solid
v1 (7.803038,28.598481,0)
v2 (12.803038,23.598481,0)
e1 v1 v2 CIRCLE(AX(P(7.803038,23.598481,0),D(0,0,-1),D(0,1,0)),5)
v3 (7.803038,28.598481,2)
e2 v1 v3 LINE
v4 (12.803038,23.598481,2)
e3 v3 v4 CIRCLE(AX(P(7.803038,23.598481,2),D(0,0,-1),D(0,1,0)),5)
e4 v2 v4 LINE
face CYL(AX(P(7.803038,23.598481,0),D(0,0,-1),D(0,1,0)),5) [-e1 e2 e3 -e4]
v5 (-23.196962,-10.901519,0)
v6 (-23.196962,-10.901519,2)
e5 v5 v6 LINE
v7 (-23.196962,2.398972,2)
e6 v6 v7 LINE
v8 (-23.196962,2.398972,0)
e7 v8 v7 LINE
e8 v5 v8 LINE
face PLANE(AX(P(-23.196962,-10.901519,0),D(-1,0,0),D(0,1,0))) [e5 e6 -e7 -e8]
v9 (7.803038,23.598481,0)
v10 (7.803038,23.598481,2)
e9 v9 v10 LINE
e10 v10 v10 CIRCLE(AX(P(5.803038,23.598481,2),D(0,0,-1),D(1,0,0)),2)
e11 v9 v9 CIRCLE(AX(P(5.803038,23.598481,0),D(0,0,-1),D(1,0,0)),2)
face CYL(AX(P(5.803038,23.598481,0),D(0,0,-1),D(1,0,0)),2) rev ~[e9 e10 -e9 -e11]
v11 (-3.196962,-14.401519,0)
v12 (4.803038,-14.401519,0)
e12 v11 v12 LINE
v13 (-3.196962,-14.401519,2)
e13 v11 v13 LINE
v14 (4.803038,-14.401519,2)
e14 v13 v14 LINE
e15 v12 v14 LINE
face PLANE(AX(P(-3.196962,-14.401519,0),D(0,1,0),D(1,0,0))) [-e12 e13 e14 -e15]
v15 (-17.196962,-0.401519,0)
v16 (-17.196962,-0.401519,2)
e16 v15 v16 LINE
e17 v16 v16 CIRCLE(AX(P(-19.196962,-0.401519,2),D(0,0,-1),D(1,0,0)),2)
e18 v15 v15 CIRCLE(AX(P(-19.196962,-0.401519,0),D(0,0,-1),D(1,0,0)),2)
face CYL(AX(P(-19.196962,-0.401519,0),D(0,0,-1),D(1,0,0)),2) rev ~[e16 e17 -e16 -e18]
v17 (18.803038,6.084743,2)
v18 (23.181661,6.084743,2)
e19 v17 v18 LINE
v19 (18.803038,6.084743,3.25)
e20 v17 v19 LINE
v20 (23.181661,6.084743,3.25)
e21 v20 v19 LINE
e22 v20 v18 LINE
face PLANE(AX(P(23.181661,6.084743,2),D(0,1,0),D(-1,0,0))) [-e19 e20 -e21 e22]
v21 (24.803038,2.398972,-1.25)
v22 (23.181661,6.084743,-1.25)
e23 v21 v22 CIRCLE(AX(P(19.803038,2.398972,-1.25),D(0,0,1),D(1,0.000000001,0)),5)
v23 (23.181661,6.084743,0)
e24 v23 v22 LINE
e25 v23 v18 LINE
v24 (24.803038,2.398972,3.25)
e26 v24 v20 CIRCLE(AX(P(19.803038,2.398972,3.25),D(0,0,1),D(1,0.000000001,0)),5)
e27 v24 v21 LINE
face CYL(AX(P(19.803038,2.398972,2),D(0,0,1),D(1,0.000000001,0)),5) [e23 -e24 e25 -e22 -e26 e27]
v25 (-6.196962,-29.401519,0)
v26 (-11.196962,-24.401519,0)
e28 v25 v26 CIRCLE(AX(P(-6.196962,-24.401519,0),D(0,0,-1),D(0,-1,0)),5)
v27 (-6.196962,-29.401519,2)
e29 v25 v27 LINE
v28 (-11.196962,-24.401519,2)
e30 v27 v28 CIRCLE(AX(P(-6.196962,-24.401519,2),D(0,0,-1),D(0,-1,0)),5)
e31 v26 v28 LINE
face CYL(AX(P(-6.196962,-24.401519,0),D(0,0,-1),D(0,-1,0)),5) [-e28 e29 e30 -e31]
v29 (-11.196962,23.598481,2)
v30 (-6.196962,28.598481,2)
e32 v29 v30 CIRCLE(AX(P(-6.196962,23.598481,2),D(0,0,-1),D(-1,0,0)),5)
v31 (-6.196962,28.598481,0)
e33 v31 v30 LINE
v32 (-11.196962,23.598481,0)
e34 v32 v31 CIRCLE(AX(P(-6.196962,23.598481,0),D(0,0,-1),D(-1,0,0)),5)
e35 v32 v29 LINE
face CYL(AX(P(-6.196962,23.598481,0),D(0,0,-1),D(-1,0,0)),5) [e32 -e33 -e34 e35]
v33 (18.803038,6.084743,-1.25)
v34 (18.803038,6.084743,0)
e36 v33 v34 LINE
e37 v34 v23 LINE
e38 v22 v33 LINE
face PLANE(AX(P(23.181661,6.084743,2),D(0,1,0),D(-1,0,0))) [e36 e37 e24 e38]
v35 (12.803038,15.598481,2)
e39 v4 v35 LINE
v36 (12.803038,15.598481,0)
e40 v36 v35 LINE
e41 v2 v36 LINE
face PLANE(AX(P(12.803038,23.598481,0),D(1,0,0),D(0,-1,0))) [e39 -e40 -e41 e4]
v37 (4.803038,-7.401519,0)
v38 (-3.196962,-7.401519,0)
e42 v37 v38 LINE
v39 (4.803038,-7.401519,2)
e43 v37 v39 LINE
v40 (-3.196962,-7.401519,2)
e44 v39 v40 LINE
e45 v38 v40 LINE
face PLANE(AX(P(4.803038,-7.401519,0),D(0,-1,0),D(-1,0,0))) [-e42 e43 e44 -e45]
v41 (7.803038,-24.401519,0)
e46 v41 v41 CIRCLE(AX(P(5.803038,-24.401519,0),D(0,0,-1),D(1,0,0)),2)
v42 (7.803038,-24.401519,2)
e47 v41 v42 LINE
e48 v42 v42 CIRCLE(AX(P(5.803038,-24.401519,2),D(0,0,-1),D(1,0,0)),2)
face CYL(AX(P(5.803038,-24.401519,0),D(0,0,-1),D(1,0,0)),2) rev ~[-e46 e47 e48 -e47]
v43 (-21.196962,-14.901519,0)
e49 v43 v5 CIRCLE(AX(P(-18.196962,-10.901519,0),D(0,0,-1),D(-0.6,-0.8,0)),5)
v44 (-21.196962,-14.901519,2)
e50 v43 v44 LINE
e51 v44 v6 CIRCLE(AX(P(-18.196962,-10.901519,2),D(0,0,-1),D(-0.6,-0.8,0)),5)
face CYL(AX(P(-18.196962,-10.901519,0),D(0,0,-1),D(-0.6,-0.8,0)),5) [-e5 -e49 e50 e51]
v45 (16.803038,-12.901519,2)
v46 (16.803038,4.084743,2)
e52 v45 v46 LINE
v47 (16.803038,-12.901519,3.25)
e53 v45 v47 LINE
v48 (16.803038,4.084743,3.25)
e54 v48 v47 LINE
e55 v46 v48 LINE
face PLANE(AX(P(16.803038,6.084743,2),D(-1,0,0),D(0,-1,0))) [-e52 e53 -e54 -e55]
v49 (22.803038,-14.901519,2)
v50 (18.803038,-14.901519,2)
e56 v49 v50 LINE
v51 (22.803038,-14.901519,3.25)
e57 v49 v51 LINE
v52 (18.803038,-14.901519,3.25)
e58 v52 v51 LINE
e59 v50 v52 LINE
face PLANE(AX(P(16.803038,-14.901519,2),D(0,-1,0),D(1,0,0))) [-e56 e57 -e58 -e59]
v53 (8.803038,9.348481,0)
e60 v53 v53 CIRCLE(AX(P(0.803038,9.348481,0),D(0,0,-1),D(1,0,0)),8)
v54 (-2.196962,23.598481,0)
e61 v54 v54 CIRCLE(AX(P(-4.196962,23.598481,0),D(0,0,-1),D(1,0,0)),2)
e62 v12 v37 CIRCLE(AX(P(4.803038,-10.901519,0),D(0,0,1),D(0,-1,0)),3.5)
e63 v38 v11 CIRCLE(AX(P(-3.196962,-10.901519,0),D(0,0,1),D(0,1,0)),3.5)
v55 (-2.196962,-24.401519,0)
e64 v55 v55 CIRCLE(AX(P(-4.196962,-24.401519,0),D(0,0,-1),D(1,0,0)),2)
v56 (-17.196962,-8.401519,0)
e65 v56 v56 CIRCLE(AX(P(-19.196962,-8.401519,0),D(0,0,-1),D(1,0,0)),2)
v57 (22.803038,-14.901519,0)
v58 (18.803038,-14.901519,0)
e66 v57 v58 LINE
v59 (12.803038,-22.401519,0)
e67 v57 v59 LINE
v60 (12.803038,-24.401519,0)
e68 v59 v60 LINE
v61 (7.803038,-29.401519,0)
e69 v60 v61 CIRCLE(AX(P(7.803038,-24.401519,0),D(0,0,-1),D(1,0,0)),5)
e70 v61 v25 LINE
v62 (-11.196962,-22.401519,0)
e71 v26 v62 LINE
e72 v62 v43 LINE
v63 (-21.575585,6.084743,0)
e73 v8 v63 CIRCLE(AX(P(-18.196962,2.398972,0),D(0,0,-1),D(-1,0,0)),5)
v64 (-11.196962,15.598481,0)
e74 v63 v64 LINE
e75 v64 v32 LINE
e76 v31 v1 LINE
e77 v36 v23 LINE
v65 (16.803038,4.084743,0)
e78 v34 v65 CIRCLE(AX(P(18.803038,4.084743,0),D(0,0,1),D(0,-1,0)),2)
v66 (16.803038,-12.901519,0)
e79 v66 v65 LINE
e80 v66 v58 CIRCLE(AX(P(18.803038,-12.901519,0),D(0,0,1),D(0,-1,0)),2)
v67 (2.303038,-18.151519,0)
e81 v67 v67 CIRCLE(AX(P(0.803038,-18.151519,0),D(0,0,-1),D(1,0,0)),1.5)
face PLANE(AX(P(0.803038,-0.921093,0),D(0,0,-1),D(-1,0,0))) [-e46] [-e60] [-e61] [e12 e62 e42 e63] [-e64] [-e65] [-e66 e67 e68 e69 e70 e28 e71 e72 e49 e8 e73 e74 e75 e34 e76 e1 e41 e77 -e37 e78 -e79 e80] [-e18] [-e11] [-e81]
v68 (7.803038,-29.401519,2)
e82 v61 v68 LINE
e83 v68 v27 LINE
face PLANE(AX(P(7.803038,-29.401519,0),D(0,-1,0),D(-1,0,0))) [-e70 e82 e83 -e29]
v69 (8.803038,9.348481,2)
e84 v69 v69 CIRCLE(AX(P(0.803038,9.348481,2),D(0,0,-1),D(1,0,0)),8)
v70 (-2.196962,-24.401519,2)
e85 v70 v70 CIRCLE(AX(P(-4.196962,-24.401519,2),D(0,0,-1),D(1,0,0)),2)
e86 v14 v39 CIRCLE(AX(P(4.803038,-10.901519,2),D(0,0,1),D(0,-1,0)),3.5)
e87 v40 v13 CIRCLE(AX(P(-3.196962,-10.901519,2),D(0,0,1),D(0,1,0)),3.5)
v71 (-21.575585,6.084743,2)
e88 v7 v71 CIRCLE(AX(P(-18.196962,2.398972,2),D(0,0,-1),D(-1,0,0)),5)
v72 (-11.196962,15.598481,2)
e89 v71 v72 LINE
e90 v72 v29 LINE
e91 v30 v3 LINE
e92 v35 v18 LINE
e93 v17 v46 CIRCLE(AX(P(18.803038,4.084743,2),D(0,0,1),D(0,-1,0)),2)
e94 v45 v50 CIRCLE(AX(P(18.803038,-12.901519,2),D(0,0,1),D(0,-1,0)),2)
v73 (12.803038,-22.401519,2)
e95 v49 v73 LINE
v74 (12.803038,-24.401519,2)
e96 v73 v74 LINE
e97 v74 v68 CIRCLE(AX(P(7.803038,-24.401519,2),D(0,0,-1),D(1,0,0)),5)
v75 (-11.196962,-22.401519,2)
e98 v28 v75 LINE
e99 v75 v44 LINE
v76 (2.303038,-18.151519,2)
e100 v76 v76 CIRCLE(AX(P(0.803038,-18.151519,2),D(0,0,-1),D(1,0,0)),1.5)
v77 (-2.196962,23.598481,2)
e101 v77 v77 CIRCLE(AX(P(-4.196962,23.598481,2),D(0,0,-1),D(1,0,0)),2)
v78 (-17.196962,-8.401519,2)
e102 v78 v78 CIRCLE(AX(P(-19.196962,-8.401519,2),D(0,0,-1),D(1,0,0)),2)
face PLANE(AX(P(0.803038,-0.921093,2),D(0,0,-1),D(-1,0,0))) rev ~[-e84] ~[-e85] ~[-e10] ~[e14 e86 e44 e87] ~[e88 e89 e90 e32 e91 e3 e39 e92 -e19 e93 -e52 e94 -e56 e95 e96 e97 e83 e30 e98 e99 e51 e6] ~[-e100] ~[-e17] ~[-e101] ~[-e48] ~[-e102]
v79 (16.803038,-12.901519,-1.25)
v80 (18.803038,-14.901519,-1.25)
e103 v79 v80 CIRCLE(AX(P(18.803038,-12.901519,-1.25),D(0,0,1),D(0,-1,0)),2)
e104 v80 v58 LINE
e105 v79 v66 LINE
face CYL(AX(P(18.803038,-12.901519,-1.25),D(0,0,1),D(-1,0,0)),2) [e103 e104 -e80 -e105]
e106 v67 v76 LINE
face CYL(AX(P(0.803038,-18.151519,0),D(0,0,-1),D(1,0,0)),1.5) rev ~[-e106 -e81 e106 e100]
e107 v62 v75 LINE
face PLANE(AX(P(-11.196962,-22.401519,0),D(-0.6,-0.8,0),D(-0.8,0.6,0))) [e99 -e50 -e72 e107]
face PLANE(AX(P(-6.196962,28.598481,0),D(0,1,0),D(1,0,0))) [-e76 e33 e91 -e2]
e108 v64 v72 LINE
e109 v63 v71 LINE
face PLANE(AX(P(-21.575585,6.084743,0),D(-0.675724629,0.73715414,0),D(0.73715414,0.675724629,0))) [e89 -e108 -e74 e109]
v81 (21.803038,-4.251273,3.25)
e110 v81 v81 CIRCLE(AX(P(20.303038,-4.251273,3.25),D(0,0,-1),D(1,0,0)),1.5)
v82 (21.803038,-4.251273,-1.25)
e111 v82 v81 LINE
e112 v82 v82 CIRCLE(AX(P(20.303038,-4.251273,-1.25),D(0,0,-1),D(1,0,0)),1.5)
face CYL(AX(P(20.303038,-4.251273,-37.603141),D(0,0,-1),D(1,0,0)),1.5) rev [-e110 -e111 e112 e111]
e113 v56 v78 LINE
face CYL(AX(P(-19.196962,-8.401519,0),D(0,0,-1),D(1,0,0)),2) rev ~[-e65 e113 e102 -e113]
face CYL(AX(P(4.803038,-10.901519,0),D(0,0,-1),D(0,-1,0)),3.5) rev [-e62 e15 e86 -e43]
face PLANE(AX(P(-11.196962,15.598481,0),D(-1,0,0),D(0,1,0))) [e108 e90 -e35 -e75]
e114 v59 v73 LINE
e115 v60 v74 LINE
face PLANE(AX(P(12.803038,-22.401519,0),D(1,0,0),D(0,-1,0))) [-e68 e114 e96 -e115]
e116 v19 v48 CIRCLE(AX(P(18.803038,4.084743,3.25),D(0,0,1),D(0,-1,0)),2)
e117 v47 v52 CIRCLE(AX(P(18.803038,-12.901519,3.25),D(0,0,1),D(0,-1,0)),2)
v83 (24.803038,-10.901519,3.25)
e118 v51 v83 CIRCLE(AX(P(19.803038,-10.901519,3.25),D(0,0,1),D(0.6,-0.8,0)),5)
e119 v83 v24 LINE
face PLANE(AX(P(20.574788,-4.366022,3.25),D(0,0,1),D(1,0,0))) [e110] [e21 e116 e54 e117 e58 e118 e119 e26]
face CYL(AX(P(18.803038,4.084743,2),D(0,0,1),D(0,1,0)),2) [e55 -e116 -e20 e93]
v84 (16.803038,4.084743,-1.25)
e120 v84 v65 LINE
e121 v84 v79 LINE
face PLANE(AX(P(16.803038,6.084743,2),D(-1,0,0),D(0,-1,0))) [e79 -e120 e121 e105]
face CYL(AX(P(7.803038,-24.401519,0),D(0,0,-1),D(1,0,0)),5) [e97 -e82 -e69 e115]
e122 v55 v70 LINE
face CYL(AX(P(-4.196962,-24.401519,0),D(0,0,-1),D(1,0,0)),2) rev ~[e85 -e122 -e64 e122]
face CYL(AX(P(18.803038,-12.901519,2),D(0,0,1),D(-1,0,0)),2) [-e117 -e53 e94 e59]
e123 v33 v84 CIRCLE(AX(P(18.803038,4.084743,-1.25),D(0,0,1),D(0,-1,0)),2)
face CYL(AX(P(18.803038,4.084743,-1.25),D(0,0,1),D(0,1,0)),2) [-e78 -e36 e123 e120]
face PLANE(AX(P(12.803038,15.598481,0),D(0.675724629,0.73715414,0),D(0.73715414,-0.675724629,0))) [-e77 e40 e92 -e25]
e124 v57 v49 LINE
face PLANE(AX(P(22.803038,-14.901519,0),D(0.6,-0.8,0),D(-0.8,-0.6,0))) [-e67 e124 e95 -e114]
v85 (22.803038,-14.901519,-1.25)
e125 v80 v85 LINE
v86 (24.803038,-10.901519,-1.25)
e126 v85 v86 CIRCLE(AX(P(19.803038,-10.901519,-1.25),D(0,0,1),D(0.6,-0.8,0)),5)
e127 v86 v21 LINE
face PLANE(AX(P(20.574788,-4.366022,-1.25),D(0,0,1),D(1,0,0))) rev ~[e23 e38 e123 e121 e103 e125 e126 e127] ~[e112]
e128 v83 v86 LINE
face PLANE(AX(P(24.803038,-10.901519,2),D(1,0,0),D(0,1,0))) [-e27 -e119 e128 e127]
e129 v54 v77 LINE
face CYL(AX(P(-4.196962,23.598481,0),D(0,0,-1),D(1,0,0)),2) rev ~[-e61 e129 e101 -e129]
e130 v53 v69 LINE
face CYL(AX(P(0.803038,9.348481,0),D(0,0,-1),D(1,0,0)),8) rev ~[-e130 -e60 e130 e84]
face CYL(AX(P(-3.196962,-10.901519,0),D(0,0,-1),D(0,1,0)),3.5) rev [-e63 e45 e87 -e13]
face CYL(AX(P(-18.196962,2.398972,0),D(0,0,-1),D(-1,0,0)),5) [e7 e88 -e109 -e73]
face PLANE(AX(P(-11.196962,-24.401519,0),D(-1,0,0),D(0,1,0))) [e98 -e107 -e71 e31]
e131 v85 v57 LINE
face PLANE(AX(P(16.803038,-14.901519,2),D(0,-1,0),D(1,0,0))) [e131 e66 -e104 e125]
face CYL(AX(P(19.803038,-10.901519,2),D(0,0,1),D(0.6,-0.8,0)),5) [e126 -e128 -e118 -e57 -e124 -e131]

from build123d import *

# Parameters (mm, degrees)
SKETCH_1_R               = 2
SKETCH_1_R_2             = 8
SKETCH_1_R_3             = 1.5
EXTRUDE_1_DEPTH          = 2
EXTRUDE_2_DEPTH          = 3.25
CUT_EXTRUDE_1_DEPTH      = 39.603141342
CUT_EXTRUDE_1_DEPTH_BACK = 39.603141342
SKETCH_3_R               = 1.5
CUT_EXTRUDE_2_DEPTH      = 2
FILLET_1_R               = 2


with BuildPart() as part:
    # 草图1 → 凸台-拉伸1 (new body)
    with BuildSketch(Plane(origin=(0, 0, 0), x_dir=(-1, 0, 0), z_dir=(0, 0, -1))):
        with BuildLine():
            Line((-12.803038101, -22.40151905), (-12.803038101, -24.40151905))
            ThreePointArc((-12.803038101, -24.40151905), (-11.338572007, -27.937052956), (-7.803038101, -29.40151905))
            Line((-7.803038101, -29.40151905), (6.196961899, -29.40151905))
            ThreePointArc((6.196961899, -29.40151905), (9.732495805, -27.937052956), (11.196961899, -24.40151905))
            Line((11.196961899, -24.40151905), (11.196961899, -22.40151905))
            Line((11.196961899, -22.40151905), (21.196961899, -14.90151905))
            ThreePointArc((21.196961899, -14.90151905), (22.669097854, -13.137587028), (23.196961899, -10.90151905))
            Line((23.196961899, -10.90151905), (23.196961899, 2.398972368))
            ThreePointArc((23.196961899, 2.398972368), (22.773702864, 4.412288573), (21.575585042, 6.084743069))
            Line((21.575585042, 6.084743069), (11.196961899, 15.59848095))
            Line((11.196961899, 15.59848095), (11.196961899, 23.59848095))
            ThreePointArc((11.196961899, 23.59848095), (9.732495805, 27.134014855), (6.196961899, 28.59848095))
            Line((6.196961899, 28.59848095), (-7.803038101, 28.59848095))
            ThreePointArc((-7.803038101, 28.59848095), (-11.338572007, 27.134014855), (-12.803038101, 23.59848095))
            Line((-12.803038101, 23.59848095), (-12.803038101, 15.59848095))
            Line((-12.803038101, 15.59848095), (-23.181661243, 6.084743069))
            ThreePointArc((-23.181661243, 6.084743069), (-24.379779065, 4.412288573), (-24.803038101, 2.398972368))
            Line((-24.803038101, 2.398972368), (-24.803038101, -10.90151905))
            ThreePointArc((-24.803038101, -10.90151905), (-24.275174056, -13.137587028), (-22.803038101, -14.90151905))
            Line((-22.803038101, -14.90151905), (-12.803038101, -22.40151905))
        make_face()
        with Locations(Location((19.196961899, -8.40151905, 0), (0, 0, 180))):
            Circle(SKETCH_1_R, mode=Mode.SUBTRACT)
        with Locations(Location((19.196961899, -0.40151905, 0), (0, 0, 180))):
            Circle(SKETCH_1_R, mode=Mode.SUBTRACT)
        with Locations(Location((4.196961899, 23.59848095, 0), (0, 0, 180))):
            Circle(SKETCH_1_R, mode=Mode.SUBTRACT)
        with Locations(Location((-5.803038101, 23.59848095, 0), (0, 0, 180))):
            Circle(SKETCH_1_R, mode=Mode.SUBTRACT)
        with Locations(Location((-0.803038101, 9.34848095, 0), (0, 0, 180))):
            Circle(SKETCH_1_R_2, mode=Mode.SUBTRACT)
        with Locations(Location((-20.803038101, -8.40151905, 0), (0, 0, 180))):
            Circle(SKETCH_1_R, mode=Mode.SUBTRACT)
        with Locations(Location((-20.803038101, -0.40151905, 0), (0, 0, 180))):
            Circle(SKETCH_1_R, mode=Mode.SUBTRACT)
        with Locations(Location((-5.803038101, -24.40151905, 0), (0, 0, 180))):
            Circle(SKETCH_1_R, mode=Mode.SUBTRACT)
        with Locations(Location((4.196961899, -24.40151905, 0), (0, 0, 180))):
            Circle(SKETCH_1_R, mode=Mode.SUBTRACT)
        with Locations(Location((-0.803038101, -18.15151905, 0), (0, 0, 180))):
            Circle(SKETCH_1_R_3, mode=Mode.SUBTRACT)
        with BuildLine():
            Line((3.196961899, -14.40151905), (-4.803038101, -14.40151905))
            ThreePointArc((-4.803038101, -14.40151905), (-8.303038101, -10.90151905), (-4.803038101, -7.40151905))
            Line((-4.803038101, -7.40151905), (3.196961899, -7.40151905))
            ThreePointArc((3.196961899, -7.40151905), (6.696961899, -10.90151905), (3.196961899, -14.40151905))
        make_face(mode=Mode.SUBTRACT)
    extrude(amount=-EXTRUDE_1_DEPTH)

    # 草图2 → 凸台-拉伸2 (add, symmetric)
    with BuildSketch(Plane.XY.offset(2)):
        with BuildLine():
            Line((23.181661243, 6.084743069), (16.803038101, 6.084743069))
            Line((16.803038101, 6.084743069), (16.803038101, -14.90151905))
            Line((16.803038101, -14.90151905), (22.803038101, -14.90151905))
            ThreePointArc((22.803038101, -14.90151905), (24.275174056, -13.137587028), (24.803038101, -10.90151905))
            Line((24.803038101, -10.90151905), (24.803038101, 2.398972368))
            ThreePointArc((24.803038101, 2.398972368), (24.379779065, 4.412288573), (23.181661243, 6.084743069))
        make_face()
    extrude(amount=EXTRUDE_2_DEPTH, both=True)

    # 草图3 → 切除-拉伸1 (cut, two sides: drawn at the far end of the back side and taken through both)
    with BuildSketch(Plane.XY.offset(2).offset(-CUT_EXTRUDE_1_DEPTH_BACK)):
        with Locations((20.303038101, -4.251273341)):
            Circle(SKETCH_3_R)
    extrude(amount=CUT_EXTRUDE_1_DEPTH + CUT_EXTRUDE_1_DEPTH_BACK, mode=Mode.SUBTRACT)

    # 草图4 → 切除-拉伸2 (cut)
    with BuildSketch(Plane.XY.offset(5.25)):
        with BuildLine():
            Line((23.181661243, 6.084743069), (16.803038101, 6.084743069))
            Line((16.803038101, 6.084743069), (16.803038101, -14.90151905))
            Line((16.803038101, -14.90151905), (22.803038101, -14.90151905))
            ThreePointArc((22.803038101, -14.90151905), (24.275174056, -13.137587028), (24.803038101, -10.90151905))
            Line((24.803038101, -10.90151905), (24.803038101, 2.398972368))
            ThreePointArc((24.803038101, 2.398972368), (24.379779065, 4.412288573), (23.181661243, 6.084743069))
        make_face()
    extrude(amount=-CUT_EXTRUDE_2_DEPTH, mode=Mode.SUBTRACT)

    # 圆角1
    fillet_1_edges = [part.edges().sort_by_distance(p)[0] for p in [
        (16.803038101, -14.90151905, 2.625),
        (16.803038101, 6.084743069, 2.625),
        (16.803038101, -14.90151905, -0.625),
        (16.803038101, 6.084743069, -0.625),
    ]]
    fillet(fillet_1_edges, radius=FILLET_1_R)


solid = part.part
